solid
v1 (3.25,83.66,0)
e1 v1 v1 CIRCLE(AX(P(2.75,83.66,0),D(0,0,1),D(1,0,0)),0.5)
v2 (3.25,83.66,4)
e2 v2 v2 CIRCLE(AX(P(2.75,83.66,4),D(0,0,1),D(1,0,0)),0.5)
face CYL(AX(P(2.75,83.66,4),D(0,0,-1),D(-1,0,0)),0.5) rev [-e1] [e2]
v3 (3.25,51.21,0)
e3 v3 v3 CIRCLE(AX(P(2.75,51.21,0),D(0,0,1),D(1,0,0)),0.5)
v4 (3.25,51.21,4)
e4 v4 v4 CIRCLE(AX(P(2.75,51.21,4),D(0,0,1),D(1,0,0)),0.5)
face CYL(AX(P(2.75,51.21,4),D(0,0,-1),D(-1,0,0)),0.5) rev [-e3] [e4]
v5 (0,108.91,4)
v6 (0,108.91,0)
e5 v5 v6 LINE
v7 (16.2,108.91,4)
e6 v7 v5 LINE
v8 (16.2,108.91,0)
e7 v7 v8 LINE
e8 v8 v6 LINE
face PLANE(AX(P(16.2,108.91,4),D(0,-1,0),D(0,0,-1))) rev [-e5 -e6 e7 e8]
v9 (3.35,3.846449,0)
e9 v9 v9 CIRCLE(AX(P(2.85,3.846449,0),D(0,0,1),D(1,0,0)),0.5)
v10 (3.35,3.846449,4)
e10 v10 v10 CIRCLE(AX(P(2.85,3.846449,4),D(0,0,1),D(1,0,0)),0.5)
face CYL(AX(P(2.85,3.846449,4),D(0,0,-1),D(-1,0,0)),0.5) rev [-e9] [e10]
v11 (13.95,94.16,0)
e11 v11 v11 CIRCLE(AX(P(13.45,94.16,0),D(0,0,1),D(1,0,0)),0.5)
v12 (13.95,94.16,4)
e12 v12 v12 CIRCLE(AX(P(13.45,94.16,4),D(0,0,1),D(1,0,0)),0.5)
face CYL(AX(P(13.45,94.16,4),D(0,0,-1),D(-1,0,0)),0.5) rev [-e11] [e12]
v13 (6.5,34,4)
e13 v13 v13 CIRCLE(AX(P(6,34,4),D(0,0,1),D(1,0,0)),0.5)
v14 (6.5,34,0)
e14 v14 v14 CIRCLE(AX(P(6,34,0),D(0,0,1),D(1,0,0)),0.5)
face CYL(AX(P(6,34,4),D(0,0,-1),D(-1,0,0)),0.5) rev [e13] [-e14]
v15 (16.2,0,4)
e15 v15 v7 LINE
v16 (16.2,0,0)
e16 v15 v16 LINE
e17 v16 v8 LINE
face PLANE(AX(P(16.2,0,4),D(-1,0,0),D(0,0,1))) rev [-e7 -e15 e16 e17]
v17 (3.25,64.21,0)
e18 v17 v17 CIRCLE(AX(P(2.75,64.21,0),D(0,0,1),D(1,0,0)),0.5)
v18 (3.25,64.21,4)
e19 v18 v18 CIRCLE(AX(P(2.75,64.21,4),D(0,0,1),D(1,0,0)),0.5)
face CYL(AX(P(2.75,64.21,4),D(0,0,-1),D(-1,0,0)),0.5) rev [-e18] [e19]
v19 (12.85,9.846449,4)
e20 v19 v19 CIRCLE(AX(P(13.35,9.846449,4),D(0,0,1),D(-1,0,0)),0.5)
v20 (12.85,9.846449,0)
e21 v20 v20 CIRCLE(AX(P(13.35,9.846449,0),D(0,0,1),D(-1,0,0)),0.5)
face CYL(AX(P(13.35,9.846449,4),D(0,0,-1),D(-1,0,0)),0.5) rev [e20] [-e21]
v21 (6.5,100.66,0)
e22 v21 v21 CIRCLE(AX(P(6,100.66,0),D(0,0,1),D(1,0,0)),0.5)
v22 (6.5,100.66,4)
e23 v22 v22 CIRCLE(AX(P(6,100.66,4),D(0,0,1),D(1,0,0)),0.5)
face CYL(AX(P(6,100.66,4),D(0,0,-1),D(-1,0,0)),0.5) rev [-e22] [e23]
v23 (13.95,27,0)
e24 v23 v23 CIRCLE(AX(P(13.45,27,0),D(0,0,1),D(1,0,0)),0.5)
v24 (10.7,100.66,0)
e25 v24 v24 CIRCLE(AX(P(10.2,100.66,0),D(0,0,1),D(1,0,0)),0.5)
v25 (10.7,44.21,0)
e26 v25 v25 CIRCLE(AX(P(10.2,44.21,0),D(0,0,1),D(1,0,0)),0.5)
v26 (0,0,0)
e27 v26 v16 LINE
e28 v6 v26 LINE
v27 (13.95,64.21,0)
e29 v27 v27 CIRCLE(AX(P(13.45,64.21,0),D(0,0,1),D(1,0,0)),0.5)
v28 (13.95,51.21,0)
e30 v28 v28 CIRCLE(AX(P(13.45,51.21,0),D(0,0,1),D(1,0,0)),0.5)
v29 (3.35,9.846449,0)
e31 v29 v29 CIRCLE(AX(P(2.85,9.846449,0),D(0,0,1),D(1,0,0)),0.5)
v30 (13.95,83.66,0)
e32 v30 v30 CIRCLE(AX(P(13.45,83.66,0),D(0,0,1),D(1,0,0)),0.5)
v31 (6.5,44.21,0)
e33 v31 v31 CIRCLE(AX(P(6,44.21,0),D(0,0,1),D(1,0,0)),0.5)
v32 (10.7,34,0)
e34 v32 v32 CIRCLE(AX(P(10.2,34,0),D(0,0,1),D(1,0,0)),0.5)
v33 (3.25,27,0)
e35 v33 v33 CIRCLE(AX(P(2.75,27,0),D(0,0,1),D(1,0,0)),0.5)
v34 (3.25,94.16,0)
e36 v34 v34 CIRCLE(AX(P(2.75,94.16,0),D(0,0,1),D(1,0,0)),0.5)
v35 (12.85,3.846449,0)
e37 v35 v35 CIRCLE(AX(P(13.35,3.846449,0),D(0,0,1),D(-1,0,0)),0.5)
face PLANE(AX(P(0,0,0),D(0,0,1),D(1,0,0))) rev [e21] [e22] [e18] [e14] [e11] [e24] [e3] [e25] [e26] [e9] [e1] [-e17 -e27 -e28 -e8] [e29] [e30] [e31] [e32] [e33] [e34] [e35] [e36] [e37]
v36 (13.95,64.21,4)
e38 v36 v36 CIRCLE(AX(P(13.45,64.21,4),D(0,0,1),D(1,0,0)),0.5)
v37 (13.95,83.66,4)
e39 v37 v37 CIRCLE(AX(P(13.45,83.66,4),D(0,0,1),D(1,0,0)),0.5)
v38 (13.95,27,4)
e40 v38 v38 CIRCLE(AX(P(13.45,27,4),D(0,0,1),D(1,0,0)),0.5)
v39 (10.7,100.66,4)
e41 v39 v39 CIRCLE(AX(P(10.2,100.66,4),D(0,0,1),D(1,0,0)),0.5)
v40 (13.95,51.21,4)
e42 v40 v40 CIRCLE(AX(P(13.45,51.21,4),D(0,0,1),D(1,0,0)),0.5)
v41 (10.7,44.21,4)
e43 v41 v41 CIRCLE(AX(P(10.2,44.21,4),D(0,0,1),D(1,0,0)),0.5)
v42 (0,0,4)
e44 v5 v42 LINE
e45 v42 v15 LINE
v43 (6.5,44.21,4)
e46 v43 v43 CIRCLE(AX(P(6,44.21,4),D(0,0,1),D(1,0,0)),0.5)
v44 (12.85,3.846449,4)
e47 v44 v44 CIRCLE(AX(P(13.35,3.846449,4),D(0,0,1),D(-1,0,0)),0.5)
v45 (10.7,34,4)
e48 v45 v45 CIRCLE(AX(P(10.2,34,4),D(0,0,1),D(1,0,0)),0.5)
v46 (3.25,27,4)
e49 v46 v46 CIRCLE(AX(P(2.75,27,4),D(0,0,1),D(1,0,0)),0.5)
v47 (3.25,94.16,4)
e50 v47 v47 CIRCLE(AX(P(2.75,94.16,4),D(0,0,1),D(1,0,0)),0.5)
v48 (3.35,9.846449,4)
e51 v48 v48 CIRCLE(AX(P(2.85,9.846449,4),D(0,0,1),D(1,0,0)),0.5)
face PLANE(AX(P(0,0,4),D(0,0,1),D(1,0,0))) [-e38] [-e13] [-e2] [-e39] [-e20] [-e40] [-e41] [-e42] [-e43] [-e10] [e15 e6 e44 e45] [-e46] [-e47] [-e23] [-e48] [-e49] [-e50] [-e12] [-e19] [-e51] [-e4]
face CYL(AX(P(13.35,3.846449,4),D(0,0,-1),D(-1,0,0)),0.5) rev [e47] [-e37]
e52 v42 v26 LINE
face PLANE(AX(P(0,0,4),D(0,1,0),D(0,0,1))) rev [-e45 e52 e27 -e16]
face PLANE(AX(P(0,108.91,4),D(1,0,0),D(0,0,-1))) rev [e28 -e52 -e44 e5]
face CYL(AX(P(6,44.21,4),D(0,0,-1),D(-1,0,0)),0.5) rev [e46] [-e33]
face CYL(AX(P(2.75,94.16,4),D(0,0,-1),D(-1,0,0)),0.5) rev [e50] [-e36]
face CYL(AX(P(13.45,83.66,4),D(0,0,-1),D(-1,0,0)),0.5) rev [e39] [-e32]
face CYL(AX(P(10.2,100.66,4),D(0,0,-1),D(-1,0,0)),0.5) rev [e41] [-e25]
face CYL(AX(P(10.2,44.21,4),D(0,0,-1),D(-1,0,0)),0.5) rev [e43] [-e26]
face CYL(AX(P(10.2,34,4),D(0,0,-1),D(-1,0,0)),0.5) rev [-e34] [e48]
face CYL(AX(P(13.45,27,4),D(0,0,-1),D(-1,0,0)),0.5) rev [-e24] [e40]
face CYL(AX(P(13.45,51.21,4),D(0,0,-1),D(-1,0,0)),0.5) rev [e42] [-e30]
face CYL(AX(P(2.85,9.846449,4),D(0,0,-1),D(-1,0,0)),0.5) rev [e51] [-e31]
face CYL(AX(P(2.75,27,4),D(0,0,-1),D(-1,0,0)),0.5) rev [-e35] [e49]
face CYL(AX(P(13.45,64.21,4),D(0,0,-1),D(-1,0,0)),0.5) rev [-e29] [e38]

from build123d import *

# Parameters (mm, degrees)
SKETCH1_W           = 16.2
SKETCH1_H           = 108.91
SKETCH1_R           = 0.5
BOSS_EXTRUDE1_DEPTH = 4


with BuildPart() as part:
    # Sketch1 → Boss-Extrude1 (new body)
    with BuildSketch(Plane.XY):
        with Locations((8.1, 54.455)):
            Rectangle(SKETCH1_W, SKETCH1_H)
        with Locations((13.45, 51.21)):
            Circle(SKETCH1_R, mode=Mode.SUBTRACT)
        with Locations((10.2, 44.21)):
            Circle(SKETCH1_R, mode=Mode.SUBTRACT)
        with Locations((10.2, 100.66)):
            Circle(SKETCH1_R, mode=Mode.SUBTRACT)
        with Locations((2.75, 94.16)):
            Circle(SKETCH1_R, mode=Mode.SUBTRACT)
        with Locations((6, 44.21)):
            Circle(SKETCH1_R, mode=Mode.SUBTRACT)
        with Locations((2.75, 27)):
            Circle(SKETCH1_R, mode=Mode.SUBTRACT)
        with Locations((2.75, 83.66)):
            Circle(SKETCH1_R, mode=Mode.SUBTRACT)
        with Locations((2.75, 51.21)):
            Circle(SKETCH1_R, mode=Mode.SUBTRACT)
        with Locations((13.45, 64.21)):
            Circle(SKETCH1_R, mode=Mode.SUBTRACT)
        with Locations((6, 34)):
            Circle(SKETCH1_R, mode=Mode.SUBTRACT)
        with Locations((13.45, 94.16)):
            Circle(SKETCH1_R, mode=Mode.SUBTRACT)
        with Locations((13.45, 83.66)):
            Circle(SKETCH1_R, mode=Mode.SUBTRACT)
        with Locations((6, 100.66)):
            Circle(SKETCH1_R, mode=Mode.SUBTRACT)
        with Locations((10.2, 34)):
            Circle(SKETCH1_R, mode=Mode.SUBTRACT)
        with Locations((2.75, 64.21)):
            Circle(SKETCH1_R, mode=Mode.SUBTRACT)
        with Locations((13.45, 27)):
            Circle(SKETCH1_R, mode=Mode.SUBTRACT)
        with Locations((2.85, 9.846448831)):
            Circle(SKETCH1_R, mode=Mode.SUBTRACT)
        with Locations(Location((13.35, 9.846448831, 0), (0, 0, 180))):
            Circle(SKETCH1_R, mode=Mode.SUBTRACT)
        with Locations(Location((13.35, 3.846448831, 0), (0, 0, 180))):
            Circle(SKETCH1_R, mode=Mode.SUBTRACT)
        with Locations((2.85, 3.846448831)):
            Circle(SKETCH1_R, mode=Mode.SUBTRACT)
    extrude(amount=BOSS_EXTRUDE1_DEPTH)


solid = part.part
